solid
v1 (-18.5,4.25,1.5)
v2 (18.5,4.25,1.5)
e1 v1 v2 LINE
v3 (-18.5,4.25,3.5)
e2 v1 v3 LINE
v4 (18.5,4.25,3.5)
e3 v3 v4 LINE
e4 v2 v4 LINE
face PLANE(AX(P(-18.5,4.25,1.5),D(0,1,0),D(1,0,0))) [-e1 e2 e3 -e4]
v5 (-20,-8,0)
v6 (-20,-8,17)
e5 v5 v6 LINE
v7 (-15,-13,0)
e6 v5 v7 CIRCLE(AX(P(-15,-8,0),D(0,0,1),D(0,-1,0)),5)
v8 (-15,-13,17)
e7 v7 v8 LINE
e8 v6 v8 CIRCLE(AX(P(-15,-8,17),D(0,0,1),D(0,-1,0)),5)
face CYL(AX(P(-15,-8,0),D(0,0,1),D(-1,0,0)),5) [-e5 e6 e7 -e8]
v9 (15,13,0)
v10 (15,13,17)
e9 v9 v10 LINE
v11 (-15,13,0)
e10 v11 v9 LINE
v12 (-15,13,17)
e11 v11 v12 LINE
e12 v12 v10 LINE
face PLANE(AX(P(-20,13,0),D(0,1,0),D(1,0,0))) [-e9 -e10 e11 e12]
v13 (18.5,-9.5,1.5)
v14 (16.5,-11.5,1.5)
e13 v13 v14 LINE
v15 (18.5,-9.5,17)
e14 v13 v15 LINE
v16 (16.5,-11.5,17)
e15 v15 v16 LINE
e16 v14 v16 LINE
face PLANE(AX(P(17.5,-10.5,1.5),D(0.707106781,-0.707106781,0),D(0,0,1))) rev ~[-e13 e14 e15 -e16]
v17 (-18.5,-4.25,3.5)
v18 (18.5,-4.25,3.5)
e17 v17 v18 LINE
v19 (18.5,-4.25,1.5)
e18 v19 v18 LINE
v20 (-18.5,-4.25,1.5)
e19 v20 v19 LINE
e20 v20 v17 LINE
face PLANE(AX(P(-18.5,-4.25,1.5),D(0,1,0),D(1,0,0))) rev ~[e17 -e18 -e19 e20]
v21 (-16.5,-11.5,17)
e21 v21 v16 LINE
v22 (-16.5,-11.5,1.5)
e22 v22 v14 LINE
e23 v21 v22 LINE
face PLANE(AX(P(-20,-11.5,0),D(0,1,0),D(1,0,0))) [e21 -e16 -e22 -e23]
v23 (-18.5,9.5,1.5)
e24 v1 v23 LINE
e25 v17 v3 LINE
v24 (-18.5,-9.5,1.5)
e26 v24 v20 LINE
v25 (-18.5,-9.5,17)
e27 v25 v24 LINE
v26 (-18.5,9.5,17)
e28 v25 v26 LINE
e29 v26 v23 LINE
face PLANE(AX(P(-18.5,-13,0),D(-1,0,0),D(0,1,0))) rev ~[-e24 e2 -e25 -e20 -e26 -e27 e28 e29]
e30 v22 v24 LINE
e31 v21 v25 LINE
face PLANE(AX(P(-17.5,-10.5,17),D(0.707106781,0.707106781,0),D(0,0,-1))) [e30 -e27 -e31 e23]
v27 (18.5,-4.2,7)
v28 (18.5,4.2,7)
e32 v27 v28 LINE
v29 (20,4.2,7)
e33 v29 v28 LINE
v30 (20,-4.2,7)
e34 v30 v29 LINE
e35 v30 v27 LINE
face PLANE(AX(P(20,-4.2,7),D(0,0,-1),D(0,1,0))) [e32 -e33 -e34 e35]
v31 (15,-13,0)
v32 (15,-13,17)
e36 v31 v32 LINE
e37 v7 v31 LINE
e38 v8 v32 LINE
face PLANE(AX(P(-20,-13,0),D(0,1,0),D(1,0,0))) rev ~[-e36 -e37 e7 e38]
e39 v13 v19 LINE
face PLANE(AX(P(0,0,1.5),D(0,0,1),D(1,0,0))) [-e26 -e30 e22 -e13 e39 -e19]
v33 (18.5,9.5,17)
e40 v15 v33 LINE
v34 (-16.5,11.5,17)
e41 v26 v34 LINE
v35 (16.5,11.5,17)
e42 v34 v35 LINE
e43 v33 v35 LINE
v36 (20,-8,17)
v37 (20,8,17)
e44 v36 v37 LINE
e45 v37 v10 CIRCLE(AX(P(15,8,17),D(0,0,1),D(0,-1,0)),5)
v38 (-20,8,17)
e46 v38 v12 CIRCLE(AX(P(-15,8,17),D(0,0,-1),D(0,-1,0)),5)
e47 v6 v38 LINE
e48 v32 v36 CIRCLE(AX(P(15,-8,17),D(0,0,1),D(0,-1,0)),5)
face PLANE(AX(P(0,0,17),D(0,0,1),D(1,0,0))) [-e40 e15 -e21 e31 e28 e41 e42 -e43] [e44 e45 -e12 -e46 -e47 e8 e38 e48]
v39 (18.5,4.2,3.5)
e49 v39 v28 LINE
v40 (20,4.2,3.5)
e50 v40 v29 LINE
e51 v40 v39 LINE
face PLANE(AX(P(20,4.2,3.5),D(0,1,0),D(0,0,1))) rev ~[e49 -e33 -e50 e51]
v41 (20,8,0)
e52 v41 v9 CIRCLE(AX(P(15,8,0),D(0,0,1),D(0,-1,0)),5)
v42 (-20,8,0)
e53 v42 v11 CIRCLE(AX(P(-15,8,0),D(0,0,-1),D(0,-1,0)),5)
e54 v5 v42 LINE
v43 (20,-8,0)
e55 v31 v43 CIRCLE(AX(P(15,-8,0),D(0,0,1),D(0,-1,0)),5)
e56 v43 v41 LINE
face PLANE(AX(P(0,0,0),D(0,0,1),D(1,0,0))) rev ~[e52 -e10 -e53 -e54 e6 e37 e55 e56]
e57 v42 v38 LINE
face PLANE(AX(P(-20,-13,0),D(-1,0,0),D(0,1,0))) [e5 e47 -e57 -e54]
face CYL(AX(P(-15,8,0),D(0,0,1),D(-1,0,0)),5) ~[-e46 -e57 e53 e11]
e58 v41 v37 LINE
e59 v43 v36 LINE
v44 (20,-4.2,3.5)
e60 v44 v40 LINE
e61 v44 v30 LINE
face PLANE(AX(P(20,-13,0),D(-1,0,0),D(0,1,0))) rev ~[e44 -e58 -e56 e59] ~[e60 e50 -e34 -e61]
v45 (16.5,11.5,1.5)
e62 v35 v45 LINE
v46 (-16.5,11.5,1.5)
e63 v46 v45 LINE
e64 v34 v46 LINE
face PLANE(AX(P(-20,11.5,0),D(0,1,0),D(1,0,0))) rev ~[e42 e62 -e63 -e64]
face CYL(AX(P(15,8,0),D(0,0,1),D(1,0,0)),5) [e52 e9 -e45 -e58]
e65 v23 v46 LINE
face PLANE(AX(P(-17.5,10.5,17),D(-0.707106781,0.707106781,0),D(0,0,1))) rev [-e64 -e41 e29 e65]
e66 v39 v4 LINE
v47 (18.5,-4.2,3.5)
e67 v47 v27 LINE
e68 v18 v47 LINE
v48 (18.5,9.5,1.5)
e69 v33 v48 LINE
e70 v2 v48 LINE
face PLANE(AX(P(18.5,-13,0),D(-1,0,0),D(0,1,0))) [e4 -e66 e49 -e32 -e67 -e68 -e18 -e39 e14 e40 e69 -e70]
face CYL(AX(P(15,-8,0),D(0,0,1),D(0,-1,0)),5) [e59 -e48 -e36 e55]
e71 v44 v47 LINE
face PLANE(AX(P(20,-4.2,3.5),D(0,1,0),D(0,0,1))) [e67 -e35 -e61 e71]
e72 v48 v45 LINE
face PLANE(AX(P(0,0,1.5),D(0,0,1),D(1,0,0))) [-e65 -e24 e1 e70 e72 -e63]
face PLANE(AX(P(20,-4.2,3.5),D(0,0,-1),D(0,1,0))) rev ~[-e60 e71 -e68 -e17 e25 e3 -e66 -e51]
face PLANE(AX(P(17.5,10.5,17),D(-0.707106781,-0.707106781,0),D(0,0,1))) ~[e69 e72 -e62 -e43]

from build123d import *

# Parameters (mm, degrees)
F0_W     = 40
F0_H     = 26
F1_DEPTH = 17
F2_T     = -1.5
F3_W     = 37
F3_H     = 8.5
F4_DEPTH = 2
F5_W     = 8.4
F5_H     = 3.5
F6_DEPTH = 1.5
F7_SIZE  = 2
F8_R     = 5


with BuildPart() as f1:
    # F0 (on Top) → F1 (new body)
    with BuildSketch(Plane.XY):
        Rectangle(F0_W, F0_H)
    extrude(amount=F1_DEPTH)

    # F2
    f2_openings = [f1.faces().sort_by_distance(p)[0] for p in [
        (0, 0, 17),
    ]]
    offset(amount=F2_T, openings=f2_openings)

    # F3 (on face) → F4 (join)
    with BuildSketch(Plane.XY.offset(1.5)):
        Rectangle(F3_W, F3_H)
    extrude(amount=F4_DEPTH)

    # F5 (on face) → F6 (cut, through all)
    with BuildSketch(Plane.YZ.offset(20)):
        with Locations((0, 5.25)):
            Rectangle(F5_W, F5_H)
    extrude(amount=-F6_DEPTH, mode=Mode.SUBTRACT)

    # F7
    f7_edges = [f1.edges().sort_by_distance(p)[0] for p in [
        (-18.5, 11.5, 9.25),
        (18.5, 11.5, 9.25),
        (18.5, -11.5, 9.25),
        (-18.5, -11.5, 9.25),
    ]]
    chamfer(f7_edges, length=F7_SIZE)

    # F8
    f8_edges = [f1.edges().sort_by_distance(p)[0] for p in [
        (-20, 13, 8.5),
        (20, 13, 8.5),
        (20, -13, 8.5),
        (-20, -13, 8.5),
    ]]
    fillet(f8_edges, radius=F8_R)


solid = f1.part
